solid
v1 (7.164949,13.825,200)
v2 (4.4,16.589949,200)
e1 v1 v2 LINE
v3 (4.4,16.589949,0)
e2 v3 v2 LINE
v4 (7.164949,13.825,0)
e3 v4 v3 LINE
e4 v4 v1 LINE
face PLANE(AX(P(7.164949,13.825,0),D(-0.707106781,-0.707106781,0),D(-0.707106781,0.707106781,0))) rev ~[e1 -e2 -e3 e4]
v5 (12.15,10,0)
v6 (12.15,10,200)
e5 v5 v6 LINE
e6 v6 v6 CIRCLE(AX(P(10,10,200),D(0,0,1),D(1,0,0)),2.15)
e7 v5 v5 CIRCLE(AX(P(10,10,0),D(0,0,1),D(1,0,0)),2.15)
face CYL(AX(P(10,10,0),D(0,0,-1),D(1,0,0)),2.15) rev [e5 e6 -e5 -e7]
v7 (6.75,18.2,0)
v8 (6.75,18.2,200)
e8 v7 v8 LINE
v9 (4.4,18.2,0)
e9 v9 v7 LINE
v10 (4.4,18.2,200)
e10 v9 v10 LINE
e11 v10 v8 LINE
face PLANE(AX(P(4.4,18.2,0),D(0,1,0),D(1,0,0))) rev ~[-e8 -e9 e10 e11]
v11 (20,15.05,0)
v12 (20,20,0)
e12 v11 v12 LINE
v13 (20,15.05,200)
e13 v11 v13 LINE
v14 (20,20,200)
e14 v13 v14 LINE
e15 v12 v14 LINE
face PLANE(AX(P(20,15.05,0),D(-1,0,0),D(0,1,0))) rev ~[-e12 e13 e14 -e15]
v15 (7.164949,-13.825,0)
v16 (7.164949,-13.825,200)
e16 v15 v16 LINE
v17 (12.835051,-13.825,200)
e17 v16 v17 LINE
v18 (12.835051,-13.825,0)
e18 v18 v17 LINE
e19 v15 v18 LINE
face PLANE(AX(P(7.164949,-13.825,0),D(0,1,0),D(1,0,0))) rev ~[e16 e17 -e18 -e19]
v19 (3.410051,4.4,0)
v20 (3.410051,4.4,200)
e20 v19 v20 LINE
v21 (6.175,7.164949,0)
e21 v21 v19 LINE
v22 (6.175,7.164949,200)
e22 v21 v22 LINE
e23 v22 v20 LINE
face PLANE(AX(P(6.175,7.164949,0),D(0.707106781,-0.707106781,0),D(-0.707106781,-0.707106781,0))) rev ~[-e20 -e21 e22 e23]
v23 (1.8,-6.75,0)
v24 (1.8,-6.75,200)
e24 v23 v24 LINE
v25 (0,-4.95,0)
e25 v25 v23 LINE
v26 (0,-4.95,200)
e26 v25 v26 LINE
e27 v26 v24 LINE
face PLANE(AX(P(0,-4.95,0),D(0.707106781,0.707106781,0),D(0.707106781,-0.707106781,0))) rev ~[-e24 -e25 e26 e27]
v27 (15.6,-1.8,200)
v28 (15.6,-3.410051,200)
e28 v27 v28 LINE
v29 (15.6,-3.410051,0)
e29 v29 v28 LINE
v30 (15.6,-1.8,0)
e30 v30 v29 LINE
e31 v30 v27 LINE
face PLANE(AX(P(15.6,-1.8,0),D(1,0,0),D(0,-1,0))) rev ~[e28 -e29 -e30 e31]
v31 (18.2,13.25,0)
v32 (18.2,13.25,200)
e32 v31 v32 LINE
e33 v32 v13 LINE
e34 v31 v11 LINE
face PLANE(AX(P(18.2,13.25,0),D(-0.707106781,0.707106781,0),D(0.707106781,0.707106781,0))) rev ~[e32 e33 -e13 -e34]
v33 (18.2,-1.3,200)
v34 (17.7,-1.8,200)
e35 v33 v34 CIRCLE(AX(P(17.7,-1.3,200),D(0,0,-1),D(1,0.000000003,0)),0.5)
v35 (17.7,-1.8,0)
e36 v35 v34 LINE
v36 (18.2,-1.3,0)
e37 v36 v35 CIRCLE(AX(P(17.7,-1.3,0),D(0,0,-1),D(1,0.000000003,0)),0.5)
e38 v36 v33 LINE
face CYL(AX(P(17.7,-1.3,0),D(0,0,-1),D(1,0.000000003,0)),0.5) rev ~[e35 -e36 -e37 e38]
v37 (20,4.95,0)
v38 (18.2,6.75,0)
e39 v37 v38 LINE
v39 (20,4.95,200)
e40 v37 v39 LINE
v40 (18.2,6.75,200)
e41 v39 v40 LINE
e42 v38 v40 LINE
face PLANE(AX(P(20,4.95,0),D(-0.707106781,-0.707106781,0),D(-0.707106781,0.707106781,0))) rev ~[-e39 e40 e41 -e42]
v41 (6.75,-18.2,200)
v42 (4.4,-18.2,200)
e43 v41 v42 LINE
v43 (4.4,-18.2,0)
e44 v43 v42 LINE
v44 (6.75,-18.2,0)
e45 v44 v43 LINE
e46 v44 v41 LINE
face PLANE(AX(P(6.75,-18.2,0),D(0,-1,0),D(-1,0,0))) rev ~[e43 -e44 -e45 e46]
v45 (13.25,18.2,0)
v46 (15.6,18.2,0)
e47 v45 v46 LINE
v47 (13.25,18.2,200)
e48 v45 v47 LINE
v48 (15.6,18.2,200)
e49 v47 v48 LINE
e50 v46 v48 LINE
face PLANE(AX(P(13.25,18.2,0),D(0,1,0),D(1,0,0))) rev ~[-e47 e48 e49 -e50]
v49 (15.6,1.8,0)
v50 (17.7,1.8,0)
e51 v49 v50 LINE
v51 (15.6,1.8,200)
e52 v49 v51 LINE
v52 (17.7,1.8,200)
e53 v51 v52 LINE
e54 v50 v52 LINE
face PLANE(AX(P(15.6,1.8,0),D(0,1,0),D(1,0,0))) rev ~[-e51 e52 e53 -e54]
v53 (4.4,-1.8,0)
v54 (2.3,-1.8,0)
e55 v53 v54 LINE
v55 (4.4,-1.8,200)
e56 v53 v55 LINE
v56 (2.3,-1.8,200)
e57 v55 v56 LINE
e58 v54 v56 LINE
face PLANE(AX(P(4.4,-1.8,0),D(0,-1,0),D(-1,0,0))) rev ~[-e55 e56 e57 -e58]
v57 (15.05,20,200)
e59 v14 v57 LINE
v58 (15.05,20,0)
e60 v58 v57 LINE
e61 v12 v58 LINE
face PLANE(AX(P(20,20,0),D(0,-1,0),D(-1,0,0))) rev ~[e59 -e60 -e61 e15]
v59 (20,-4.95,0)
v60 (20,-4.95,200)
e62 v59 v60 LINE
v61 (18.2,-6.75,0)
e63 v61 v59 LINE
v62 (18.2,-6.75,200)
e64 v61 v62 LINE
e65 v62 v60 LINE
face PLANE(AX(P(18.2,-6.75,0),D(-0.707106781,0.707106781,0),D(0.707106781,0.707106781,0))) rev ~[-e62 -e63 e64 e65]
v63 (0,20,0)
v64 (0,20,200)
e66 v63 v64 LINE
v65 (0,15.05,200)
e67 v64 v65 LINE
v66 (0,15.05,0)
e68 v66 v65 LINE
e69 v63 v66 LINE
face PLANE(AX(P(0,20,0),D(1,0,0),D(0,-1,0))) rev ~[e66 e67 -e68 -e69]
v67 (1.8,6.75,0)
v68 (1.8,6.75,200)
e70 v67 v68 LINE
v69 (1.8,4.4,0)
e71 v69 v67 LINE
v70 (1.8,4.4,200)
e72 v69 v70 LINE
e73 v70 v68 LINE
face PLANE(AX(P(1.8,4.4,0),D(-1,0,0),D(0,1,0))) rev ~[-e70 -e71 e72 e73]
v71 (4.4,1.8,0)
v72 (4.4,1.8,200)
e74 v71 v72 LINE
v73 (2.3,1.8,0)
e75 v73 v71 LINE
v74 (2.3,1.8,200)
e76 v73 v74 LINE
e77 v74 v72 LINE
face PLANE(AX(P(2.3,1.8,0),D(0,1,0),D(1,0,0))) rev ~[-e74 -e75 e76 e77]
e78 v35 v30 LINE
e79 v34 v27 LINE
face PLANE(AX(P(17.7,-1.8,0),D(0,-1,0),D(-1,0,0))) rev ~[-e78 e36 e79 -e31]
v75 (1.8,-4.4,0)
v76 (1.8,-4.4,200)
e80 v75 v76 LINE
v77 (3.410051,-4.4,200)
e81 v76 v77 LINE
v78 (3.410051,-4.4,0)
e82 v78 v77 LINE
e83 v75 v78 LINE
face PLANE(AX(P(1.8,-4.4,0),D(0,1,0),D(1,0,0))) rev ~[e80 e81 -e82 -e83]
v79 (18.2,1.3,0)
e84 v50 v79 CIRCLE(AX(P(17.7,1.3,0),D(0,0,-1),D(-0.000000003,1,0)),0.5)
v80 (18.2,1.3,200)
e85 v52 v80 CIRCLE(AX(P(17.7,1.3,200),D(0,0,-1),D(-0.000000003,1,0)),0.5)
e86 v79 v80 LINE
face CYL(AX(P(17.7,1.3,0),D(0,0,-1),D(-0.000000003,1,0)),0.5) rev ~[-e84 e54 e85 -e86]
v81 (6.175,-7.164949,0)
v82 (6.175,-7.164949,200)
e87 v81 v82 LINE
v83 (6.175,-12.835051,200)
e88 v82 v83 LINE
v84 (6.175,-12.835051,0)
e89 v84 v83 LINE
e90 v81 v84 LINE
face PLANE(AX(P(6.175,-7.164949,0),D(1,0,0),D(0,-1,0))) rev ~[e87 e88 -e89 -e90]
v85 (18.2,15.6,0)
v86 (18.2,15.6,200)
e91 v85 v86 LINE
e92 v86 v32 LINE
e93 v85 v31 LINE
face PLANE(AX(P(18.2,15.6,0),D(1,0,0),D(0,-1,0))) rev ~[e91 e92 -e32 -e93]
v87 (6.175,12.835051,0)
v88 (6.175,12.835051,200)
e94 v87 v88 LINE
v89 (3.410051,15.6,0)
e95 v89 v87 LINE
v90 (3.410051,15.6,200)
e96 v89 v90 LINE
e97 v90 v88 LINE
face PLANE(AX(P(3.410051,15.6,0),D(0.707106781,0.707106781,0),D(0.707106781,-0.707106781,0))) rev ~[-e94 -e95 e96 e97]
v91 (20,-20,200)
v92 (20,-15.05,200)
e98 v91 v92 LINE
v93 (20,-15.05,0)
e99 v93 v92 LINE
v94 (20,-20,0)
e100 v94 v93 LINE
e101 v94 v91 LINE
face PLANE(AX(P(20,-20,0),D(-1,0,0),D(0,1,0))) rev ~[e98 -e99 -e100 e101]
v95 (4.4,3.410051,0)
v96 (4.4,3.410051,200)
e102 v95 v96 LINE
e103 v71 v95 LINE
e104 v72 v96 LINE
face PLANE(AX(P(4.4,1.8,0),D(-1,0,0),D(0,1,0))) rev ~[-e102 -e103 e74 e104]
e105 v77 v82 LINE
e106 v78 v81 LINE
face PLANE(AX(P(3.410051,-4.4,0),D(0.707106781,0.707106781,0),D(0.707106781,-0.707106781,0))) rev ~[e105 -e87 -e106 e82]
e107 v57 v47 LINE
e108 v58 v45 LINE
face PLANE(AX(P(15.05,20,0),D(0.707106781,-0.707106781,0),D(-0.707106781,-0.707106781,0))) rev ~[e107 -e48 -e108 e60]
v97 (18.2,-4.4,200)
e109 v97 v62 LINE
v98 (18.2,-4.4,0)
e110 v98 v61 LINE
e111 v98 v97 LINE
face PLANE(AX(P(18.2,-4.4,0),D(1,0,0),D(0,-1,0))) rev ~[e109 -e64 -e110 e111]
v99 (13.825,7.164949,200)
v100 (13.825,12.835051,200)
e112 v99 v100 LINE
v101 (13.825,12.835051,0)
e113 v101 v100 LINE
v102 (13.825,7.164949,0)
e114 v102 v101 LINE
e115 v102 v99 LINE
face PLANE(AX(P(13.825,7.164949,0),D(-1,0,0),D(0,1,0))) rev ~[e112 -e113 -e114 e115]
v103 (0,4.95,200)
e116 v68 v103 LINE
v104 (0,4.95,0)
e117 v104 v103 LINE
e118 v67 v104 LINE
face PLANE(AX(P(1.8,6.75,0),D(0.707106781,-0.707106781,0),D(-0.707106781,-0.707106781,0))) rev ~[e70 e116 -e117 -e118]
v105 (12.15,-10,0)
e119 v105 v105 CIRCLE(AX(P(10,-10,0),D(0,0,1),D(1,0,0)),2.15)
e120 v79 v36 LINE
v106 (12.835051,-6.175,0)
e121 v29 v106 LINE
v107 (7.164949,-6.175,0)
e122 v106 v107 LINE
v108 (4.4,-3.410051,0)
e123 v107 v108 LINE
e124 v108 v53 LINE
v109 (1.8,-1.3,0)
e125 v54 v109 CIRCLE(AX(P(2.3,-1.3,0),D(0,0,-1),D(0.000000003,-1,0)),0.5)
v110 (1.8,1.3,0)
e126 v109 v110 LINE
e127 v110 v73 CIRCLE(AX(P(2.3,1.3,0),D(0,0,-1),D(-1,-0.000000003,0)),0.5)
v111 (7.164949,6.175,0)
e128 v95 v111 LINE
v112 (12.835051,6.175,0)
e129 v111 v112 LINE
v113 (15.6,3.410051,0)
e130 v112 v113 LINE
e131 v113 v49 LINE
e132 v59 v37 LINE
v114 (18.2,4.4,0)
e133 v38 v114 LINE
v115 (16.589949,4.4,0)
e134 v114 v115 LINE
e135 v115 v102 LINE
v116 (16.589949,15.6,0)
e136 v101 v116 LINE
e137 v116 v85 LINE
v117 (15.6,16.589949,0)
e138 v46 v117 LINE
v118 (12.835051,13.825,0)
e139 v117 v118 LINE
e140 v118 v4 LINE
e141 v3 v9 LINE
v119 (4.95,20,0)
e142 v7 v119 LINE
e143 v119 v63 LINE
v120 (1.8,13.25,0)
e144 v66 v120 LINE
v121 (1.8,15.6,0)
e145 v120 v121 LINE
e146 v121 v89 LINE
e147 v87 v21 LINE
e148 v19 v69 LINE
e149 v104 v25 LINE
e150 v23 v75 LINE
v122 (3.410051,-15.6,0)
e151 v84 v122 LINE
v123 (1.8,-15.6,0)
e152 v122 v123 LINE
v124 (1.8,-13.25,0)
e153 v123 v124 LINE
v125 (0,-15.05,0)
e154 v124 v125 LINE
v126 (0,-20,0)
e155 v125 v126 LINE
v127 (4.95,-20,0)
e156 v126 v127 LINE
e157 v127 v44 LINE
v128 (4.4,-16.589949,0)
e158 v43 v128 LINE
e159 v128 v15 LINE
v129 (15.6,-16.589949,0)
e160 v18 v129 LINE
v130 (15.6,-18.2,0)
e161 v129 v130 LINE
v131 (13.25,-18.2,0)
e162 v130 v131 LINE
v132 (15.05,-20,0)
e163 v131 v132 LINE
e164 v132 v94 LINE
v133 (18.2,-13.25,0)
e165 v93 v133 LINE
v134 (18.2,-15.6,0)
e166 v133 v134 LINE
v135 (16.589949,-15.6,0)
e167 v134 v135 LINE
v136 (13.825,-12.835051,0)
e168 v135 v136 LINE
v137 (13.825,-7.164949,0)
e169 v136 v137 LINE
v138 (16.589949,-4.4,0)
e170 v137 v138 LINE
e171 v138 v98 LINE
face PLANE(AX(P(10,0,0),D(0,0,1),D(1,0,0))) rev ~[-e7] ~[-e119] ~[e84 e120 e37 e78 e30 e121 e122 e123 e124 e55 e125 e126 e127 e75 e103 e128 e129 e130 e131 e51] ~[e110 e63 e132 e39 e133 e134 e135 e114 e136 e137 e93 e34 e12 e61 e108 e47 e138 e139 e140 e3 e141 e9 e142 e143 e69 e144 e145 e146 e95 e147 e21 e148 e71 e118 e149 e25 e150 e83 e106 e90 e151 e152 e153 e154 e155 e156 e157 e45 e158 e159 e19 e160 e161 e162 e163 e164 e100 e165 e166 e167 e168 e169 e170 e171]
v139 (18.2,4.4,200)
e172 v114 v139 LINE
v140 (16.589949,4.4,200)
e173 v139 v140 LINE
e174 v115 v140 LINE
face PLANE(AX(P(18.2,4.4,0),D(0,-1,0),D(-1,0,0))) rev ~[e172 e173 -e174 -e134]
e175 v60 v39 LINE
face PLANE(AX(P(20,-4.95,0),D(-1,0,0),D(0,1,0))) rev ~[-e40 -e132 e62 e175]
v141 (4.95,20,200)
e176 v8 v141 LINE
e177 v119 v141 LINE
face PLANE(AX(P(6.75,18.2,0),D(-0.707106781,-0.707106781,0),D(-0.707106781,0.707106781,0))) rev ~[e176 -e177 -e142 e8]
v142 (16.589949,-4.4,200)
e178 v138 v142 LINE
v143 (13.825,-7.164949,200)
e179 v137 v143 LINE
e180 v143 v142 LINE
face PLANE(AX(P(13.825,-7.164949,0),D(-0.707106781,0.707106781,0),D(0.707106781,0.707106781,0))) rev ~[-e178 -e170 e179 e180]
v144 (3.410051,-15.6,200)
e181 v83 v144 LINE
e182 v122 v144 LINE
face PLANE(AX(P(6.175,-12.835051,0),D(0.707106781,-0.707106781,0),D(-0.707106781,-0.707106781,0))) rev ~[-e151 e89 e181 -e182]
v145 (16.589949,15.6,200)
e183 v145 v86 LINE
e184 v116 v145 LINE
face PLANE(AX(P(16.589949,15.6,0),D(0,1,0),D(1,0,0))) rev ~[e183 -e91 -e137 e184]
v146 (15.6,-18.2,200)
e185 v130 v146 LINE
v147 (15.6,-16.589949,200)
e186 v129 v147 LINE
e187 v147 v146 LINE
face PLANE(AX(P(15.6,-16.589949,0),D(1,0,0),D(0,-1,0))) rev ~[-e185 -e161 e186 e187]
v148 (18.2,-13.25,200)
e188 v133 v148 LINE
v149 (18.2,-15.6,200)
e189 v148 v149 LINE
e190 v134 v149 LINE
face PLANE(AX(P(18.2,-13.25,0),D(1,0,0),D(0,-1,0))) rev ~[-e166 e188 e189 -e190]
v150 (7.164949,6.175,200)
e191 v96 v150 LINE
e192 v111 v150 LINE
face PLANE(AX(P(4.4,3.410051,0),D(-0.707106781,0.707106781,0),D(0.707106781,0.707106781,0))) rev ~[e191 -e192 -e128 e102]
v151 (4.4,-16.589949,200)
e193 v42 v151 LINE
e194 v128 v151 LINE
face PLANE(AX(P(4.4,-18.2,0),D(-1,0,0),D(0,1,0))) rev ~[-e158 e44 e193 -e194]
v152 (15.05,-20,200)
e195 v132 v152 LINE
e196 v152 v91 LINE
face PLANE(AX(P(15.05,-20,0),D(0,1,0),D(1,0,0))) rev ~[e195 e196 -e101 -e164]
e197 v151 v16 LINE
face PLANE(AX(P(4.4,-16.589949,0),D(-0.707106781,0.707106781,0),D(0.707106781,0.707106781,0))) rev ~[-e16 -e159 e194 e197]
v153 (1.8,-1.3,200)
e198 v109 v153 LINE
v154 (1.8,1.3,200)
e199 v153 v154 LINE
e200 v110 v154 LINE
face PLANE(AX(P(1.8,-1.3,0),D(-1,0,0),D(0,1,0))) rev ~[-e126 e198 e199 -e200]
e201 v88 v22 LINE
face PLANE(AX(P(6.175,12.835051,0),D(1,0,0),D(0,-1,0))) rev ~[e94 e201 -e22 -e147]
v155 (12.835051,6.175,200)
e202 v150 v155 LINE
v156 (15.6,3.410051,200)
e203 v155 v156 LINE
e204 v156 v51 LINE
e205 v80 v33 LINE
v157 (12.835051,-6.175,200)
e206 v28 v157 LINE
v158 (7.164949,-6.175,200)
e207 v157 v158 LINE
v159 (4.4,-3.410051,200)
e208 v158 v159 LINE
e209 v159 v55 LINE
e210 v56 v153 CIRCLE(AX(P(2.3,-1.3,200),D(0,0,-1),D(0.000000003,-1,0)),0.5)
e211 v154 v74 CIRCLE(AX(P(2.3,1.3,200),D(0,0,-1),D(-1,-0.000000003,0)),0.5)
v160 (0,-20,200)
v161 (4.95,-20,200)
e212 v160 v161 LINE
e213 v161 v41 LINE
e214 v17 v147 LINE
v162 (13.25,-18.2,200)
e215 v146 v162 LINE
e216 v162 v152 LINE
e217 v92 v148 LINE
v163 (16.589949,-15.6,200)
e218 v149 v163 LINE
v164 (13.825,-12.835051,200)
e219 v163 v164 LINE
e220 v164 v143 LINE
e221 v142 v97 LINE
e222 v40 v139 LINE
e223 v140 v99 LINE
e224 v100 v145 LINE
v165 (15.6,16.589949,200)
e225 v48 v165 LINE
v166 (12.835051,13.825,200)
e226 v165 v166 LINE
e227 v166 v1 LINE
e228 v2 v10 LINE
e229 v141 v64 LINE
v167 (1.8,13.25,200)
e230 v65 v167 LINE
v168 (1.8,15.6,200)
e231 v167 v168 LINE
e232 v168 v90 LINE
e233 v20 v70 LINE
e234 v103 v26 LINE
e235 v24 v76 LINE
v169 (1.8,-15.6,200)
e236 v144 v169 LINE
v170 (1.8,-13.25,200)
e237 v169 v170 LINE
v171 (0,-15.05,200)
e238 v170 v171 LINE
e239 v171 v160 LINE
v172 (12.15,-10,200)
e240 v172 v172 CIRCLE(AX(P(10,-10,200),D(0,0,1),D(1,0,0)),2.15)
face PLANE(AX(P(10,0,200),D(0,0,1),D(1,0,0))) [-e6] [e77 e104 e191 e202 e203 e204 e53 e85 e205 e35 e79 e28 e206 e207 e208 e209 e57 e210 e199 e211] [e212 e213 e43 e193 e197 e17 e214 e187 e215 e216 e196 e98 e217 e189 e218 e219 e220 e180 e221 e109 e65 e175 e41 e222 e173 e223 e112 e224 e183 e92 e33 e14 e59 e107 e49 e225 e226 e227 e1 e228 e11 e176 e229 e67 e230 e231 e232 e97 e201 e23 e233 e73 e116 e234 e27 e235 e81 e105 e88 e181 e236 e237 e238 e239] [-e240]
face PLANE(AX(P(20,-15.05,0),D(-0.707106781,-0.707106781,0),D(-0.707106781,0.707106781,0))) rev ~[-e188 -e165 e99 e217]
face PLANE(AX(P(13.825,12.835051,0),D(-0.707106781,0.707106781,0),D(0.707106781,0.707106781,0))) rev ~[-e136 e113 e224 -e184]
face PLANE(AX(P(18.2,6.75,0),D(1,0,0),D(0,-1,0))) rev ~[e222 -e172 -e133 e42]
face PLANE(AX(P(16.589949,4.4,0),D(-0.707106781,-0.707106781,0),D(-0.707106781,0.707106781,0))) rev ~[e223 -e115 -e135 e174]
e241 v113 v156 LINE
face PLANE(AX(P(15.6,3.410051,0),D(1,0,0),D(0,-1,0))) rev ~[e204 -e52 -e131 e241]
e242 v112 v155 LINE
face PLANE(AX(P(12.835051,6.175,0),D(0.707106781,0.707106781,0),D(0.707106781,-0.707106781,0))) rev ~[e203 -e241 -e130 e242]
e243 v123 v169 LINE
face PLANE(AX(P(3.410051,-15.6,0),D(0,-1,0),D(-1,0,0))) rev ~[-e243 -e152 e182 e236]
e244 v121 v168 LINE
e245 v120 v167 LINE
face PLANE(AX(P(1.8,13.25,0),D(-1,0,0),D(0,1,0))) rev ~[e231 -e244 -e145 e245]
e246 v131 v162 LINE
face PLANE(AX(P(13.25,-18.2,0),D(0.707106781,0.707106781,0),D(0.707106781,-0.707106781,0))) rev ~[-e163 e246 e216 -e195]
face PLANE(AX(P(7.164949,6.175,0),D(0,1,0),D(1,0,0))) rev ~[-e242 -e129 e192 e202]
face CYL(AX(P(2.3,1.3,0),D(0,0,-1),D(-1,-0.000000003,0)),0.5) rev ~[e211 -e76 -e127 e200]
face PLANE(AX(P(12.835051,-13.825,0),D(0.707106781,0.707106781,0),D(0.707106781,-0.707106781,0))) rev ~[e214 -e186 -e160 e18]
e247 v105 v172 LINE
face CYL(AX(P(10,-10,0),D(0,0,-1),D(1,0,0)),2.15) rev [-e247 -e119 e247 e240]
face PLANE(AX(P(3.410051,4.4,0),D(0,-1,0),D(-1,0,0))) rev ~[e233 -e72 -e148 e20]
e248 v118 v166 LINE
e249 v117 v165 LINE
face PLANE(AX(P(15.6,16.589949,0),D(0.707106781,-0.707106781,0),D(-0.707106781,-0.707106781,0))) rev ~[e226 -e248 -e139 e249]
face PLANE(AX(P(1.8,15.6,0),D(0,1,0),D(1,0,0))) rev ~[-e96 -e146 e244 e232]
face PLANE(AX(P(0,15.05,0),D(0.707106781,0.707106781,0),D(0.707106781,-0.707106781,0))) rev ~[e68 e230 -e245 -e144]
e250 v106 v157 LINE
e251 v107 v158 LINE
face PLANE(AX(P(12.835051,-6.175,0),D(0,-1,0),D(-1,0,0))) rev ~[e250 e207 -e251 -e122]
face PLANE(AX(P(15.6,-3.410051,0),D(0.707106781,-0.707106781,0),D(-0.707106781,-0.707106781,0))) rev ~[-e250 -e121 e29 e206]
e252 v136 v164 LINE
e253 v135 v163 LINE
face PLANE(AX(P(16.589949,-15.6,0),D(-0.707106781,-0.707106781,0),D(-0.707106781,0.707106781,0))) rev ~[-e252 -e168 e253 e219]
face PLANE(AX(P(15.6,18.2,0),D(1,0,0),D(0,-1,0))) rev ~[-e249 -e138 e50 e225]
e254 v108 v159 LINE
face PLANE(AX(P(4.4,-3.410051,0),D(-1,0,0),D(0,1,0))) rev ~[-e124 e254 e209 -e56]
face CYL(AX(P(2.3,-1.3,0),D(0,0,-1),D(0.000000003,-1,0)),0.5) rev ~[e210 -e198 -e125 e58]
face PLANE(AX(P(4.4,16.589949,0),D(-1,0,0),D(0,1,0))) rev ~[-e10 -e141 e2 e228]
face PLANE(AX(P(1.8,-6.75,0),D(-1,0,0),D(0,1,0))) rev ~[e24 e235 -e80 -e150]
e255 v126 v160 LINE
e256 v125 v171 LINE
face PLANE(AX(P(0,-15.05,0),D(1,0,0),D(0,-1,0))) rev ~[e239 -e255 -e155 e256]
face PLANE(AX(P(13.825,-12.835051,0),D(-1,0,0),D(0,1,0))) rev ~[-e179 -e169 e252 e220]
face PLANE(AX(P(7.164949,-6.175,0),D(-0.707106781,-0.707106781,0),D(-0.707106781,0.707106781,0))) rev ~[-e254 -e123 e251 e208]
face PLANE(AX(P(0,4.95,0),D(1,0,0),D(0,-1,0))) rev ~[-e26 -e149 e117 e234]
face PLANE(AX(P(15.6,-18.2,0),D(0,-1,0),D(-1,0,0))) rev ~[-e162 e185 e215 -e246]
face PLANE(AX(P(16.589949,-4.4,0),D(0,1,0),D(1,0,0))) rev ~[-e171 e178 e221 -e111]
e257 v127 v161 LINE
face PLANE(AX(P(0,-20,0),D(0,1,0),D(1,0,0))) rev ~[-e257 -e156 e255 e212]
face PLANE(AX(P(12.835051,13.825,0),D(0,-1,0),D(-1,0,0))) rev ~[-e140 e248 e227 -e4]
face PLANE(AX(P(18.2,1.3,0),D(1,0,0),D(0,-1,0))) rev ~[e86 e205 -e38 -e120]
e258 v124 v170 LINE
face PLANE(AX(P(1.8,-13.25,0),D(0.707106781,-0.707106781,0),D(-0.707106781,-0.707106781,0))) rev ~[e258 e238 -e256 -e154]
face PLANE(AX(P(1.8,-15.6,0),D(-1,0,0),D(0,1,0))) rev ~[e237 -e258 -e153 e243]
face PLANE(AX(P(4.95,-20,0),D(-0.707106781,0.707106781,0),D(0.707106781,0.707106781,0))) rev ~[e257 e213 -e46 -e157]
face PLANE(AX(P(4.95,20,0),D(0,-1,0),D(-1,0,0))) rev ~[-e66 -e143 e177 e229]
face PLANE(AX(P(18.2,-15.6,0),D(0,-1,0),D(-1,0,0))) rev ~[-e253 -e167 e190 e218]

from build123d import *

# Parameters (mm, degrees)
CROQUIS1_R              = 2.15
SALIENTE_EXTRUIR1_DEPTH = 200


with BuildPart() as part:
    # Croquis1 → Saliente-Extruir1 (new body)
    with BuildSketch(Plane.XY):
        Polygon((20, 4.95), (18.2, 6.75), (18.2, 4.4), (16.589949494, 4.4), (13.825, 7.164949494), (13.825, 12.835050506), (16.589949494, 15.6), (18.2, 15.6), (18.2, 13.25), (20, 15.05), (20, 20), (15.05, 20), (13.25, 18.2), (15.6, 18.2), (15.6, 16.589949494), (12.835050506, 13.825), (7.164949494, 13.825), (4.4, 16.589949494), (4.4, 18.2), (6.75, 18.2), (4.95, 20), (0, 20), (0, 15.05), (1.8, 13.25), (1.8, 15.6), (3.410050506, 15.6), (6.175, 12.835050506), (6.175, 7.164949494), (3.410050506, 4.4), (1.8, 4.4), (1.8, 6.75), (0, 4.95), (0, -4.95), (1.8, -6.75), (1.8, -4.4), (3.410050506, -4.4), (6.175, -7.164949494), (6.175, -12.835050506), (3.410050506, -15.6), (1.8, -15.6), (1.8, -13.25), (0, -15.05), (0, -20), (4.95, -20), (6.75, -18.2), (4.4, -18.2), (4.4, -16.589949494), (7.164949494, -13.825), (12.835050506, -13.825), (15.6, -16.589949494), (15.6, -18.2), (13.25, -18.2), (15.05, -20), (20, -20), (20, -15.05), (18.2, -13.25), (18.2, -15.6), (16.589949494, -15.6), (13.825, -12.835050506), (13.825, -7.164949494), (16.589949494, -4.4), (18.2, -4.4), (18.2, -6.75), (20, -4.95), align=None)
        with BuildLine():
            Line((1.8, -1.3), (1.8, 1.3))
            ThreePointArc((1.8, 1.3), (1.946446609, 1.653553391), (2.3, 1.8))
            Line((2.3, 1.8), (4.4, 1.8))
            Line((4.4, 1.8), (4.4, 3.410050506))
            Line((4.4, 3.410050506), (7.164949494, 6.175))
            Line((7.164949494, 6.175), (12.835050506, 6.175))
            Line((12.835050506, 6.175), (15.6, 3.410050506))
            Line((15.6, 3.410050506), (15.6, 1.8))
            Line((15.6, 1.8), (17.7, 1.8))
            ThreePointArc((17.7, 1.8), (18.053553391, 1.653553391), (18.2, 1.3))
            Line((18.2, 1.3), (18.2, -1.3))
            ThreePointArc((18.2, -1.3), (18.053553391, -1.653553391), (17.7, -1.8))
            Line((17.7, -1.8), (15.6, -1.8))
            Line((15.6, -1.8), (15.6, -3.410050506))
            Line((15.6, -3.410050506), (12.835050506, -6.175))
            Line((12.835050506, -6.175), (7.164949494, -6.175))
            Line((7.164949494, -6.175), (4.4, -3.410050506))
            Line((4.4, -3.410050506), (4.4, -1.8))
            Line((4.4, -1.8), (2.3, -1.8))
            ThreePointArc((2.3, -1.8), (1.946446609, -1.653553391), (1.8, -1.3))
        make_face(mode=Mode.SUBTRACT)
        with Locations((10, -10)):
            Circle(CROQUIS1_R, mode=Mode.SUBTRACT)
        with Locations((10, 10)):
            Circle(CROQUIS1_R, mode=Mode.SUBTRACT)
    extrude(amount=SALIENTE_EXTRUIR1_DEPTH)


solid = part.part
